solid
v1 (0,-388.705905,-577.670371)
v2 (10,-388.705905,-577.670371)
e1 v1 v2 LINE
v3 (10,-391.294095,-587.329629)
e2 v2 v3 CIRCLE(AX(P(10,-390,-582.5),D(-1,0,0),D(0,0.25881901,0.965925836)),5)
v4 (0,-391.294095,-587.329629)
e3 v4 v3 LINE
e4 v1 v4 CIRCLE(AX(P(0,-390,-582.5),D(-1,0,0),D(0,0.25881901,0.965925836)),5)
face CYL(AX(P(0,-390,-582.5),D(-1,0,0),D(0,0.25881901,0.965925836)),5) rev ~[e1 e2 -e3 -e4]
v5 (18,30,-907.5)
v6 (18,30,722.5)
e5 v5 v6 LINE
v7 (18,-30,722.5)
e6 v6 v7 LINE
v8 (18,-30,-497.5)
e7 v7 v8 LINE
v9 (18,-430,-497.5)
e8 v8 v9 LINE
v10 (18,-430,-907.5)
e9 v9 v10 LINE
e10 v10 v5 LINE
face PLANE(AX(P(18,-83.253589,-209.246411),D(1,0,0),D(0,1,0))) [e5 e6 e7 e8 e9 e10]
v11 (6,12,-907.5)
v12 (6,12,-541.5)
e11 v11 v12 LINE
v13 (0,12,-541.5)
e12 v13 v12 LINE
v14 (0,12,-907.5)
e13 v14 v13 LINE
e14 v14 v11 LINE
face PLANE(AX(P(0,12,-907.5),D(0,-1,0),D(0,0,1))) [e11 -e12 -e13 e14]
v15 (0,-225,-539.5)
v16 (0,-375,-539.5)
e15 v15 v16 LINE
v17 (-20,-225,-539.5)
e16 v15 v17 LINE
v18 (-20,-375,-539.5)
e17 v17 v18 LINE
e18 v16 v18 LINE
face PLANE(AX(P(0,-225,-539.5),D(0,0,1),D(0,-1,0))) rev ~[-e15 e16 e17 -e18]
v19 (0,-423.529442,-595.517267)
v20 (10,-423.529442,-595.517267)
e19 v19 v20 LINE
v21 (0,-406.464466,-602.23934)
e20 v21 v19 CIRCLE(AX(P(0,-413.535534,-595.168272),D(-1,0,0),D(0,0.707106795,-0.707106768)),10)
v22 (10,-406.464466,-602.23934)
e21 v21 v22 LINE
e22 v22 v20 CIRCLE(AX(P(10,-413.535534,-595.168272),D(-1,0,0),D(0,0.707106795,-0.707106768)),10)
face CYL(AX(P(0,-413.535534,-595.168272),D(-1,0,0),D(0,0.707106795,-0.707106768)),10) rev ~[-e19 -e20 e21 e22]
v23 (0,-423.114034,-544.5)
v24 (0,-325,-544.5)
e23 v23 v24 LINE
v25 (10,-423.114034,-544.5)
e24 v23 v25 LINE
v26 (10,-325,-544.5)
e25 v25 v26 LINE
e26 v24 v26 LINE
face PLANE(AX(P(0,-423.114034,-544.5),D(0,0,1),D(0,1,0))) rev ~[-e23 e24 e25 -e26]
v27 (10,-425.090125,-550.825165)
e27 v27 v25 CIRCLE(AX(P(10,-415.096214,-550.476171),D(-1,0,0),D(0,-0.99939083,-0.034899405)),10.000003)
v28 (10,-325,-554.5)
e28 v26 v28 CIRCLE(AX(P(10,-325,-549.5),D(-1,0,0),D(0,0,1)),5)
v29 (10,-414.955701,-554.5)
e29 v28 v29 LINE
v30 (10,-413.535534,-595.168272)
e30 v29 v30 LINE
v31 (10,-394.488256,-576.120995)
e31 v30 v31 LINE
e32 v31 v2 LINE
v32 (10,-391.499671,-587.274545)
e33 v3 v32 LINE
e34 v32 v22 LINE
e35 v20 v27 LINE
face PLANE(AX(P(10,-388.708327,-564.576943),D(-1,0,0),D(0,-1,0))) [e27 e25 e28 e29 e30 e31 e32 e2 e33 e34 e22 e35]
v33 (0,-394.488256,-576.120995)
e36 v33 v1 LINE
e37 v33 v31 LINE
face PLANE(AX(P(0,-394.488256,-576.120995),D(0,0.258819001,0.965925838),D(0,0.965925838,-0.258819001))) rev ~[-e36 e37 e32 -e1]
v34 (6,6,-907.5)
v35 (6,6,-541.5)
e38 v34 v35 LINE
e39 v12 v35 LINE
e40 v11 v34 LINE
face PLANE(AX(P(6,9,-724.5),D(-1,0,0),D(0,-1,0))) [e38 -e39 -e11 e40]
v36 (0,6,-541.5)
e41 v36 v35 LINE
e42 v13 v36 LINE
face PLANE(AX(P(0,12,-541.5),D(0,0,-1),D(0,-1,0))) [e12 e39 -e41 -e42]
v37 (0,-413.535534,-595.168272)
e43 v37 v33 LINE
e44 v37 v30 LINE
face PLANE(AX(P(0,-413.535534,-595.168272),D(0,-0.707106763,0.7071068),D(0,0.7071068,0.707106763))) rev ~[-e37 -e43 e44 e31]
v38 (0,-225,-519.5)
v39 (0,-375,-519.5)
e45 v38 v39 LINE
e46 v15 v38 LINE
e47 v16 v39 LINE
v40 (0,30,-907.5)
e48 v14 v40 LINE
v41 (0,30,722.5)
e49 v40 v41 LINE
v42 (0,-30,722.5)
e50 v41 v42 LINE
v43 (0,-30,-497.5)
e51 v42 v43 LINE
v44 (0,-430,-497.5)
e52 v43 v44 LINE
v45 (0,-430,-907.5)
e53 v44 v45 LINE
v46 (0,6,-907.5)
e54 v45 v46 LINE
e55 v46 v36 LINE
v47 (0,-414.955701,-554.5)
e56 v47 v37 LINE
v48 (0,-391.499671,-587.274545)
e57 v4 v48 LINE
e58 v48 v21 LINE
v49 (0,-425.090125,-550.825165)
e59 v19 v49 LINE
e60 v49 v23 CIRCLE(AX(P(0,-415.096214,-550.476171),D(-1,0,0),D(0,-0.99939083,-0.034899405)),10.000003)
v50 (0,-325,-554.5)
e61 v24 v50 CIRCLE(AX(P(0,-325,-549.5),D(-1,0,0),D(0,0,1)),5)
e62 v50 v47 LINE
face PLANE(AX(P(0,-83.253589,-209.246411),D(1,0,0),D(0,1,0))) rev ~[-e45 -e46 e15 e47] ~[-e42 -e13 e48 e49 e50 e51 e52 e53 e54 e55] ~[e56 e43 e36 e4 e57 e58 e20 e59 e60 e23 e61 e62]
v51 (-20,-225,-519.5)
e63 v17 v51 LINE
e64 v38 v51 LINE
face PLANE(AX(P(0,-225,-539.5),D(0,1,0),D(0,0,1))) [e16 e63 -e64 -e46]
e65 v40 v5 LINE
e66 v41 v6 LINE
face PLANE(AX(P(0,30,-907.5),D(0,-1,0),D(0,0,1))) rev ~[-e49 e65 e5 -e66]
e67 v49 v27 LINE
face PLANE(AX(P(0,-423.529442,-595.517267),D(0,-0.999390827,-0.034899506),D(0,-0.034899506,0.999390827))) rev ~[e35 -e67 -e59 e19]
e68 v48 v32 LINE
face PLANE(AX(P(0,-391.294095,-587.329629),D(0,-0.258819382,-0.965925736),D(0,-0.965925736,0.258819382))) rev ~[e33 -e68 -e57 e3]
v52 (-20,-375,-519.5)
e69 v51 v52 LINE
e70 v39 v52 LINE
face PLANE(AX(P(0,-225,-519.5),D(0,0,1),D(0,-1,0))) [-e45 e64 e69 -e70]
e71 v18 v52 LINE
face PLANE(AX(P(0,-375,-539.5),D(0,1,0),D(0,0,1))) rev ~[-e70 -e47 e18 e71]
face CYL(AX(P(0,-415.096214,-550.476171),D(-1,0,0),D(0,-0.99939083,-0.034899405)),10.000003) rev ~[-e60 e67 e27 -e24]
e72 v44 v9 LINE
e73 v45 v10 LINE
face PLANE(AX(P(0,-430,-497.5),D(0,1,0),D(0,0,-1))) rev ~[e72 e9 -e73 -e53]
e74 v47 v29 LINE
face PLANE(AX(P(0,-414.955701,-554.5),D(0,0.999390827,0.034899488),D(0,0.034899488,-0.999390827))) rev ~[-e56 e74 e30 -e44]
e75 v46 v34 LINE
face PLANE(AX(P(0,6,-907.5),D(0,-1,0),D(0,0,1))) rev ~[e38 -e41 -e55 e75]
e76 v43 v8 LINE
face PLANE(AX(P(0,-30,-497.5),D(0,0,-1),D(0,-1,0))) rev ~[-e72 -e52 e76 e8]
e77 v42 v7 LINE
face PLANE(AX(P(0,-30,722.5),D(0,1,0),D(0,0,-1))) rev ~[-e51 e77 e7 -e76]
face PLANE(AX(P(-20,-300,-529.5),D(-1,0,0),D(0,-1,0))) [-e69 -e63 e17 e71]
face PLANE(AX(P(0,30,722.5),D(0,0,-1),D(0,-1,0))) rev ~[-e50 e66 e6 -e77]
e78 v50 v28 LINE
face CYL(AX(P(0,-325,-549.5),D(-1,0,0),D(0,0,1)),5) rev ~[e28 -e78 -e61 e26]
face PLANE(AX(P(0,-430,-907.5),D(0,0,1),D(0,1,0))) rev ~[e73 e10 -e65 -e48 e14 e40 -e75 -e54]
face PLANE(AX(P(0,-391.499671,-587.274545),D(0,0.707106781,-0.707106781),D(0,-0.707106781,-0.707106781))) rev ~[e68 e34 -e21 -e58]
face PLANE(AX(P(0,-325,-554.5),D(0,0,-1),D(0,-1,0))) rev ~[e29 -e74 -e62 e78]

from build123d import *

# Parameters (mm, degrees)
F1_DEPTH = 18
F2_W     = 6
F2_H     = 366
F3_DEPTH = 6
F5_DEPTH = 10
F6_W     = 150
F6_H     = 20
F7_DEPTH = 20


with BuildPart() as f1:
    # F0 (on Right) → F1 (new body)
    with BuildSketch(Plane.YZ):
        Polygon((30, -907.5), (30, 722.5), (-30, 722.5), (-30, -497.5), (-430, -497.5), (-430, -907.5), align=None)
    extrude(amount=F1_DEPTH)

    # F2 (on face) → F3 (cut)
    with BuildSketch(Plane(origin=(0, 0, 0), x_dir=(0, -1, 0), z_dir=(-1, 0, 0))):
        with Locations((-9, -724.5)):
            Rectangle(F2_W, F2_H)
    extrude(amount=-F3_DEPTH, mode=Mode.SUBTRACT)

    # F4 (on face) → F5 (cut)
    with BuildSketch(Plane(origin=(0, 0, 0), x_dir=(0, -1, 0), z_dir=(-1, 0, 0))):
        with BuildLine():
            Line((394.488256, -576.120995), (388.705905, -577.670371))
            ThreePointArc((388.705905, -577.670371), (385.170371, -583.794095), (391.294095, -587.329629))
            Line((391.294095, -587.329629), (391.499671, -587.274545))
            Line((391.499671, -587.274545), (406.464466, -602.23934))
            ThreePointArc((406.464466, -602.23934), (417.200546, -604.472448), (423.529442, -595.517267))
            Line((423.529442, -595.517267), (425.090125, -550.825165))
            ThreePointArc((425.090125, -550.825165), (424.641241, -547.494139), (423.114034, -544.5))
            Line((423.114034, -544.5), (325, -544.5))
            ThreePointArc((325, -544.5), (320, -549.5), (325, -554.5))
            Line((325, -554.5), (414.955701, -554.5))
            Line((414.955701, -554.5), (413.535534, -595.168272))
            Line((413.535534, -595.168272), (394.488256, -576.120995))
        make_face()
    extrude(amount=-F5_DEPTH, mode=Mode.SUBTRACT)

    # F6 (on face) → F7 (join)
    with BuildSketch(Plane(origin=(0, 0, 0), x_dir=(0, -1, 0), z_dir=(-1, 0, 0))):
        with Locations((300, -529.5)):
            Rectangle(F6_W, F6_H)
    extrude(amount=F7_DEPTH)


solid = f1.part
